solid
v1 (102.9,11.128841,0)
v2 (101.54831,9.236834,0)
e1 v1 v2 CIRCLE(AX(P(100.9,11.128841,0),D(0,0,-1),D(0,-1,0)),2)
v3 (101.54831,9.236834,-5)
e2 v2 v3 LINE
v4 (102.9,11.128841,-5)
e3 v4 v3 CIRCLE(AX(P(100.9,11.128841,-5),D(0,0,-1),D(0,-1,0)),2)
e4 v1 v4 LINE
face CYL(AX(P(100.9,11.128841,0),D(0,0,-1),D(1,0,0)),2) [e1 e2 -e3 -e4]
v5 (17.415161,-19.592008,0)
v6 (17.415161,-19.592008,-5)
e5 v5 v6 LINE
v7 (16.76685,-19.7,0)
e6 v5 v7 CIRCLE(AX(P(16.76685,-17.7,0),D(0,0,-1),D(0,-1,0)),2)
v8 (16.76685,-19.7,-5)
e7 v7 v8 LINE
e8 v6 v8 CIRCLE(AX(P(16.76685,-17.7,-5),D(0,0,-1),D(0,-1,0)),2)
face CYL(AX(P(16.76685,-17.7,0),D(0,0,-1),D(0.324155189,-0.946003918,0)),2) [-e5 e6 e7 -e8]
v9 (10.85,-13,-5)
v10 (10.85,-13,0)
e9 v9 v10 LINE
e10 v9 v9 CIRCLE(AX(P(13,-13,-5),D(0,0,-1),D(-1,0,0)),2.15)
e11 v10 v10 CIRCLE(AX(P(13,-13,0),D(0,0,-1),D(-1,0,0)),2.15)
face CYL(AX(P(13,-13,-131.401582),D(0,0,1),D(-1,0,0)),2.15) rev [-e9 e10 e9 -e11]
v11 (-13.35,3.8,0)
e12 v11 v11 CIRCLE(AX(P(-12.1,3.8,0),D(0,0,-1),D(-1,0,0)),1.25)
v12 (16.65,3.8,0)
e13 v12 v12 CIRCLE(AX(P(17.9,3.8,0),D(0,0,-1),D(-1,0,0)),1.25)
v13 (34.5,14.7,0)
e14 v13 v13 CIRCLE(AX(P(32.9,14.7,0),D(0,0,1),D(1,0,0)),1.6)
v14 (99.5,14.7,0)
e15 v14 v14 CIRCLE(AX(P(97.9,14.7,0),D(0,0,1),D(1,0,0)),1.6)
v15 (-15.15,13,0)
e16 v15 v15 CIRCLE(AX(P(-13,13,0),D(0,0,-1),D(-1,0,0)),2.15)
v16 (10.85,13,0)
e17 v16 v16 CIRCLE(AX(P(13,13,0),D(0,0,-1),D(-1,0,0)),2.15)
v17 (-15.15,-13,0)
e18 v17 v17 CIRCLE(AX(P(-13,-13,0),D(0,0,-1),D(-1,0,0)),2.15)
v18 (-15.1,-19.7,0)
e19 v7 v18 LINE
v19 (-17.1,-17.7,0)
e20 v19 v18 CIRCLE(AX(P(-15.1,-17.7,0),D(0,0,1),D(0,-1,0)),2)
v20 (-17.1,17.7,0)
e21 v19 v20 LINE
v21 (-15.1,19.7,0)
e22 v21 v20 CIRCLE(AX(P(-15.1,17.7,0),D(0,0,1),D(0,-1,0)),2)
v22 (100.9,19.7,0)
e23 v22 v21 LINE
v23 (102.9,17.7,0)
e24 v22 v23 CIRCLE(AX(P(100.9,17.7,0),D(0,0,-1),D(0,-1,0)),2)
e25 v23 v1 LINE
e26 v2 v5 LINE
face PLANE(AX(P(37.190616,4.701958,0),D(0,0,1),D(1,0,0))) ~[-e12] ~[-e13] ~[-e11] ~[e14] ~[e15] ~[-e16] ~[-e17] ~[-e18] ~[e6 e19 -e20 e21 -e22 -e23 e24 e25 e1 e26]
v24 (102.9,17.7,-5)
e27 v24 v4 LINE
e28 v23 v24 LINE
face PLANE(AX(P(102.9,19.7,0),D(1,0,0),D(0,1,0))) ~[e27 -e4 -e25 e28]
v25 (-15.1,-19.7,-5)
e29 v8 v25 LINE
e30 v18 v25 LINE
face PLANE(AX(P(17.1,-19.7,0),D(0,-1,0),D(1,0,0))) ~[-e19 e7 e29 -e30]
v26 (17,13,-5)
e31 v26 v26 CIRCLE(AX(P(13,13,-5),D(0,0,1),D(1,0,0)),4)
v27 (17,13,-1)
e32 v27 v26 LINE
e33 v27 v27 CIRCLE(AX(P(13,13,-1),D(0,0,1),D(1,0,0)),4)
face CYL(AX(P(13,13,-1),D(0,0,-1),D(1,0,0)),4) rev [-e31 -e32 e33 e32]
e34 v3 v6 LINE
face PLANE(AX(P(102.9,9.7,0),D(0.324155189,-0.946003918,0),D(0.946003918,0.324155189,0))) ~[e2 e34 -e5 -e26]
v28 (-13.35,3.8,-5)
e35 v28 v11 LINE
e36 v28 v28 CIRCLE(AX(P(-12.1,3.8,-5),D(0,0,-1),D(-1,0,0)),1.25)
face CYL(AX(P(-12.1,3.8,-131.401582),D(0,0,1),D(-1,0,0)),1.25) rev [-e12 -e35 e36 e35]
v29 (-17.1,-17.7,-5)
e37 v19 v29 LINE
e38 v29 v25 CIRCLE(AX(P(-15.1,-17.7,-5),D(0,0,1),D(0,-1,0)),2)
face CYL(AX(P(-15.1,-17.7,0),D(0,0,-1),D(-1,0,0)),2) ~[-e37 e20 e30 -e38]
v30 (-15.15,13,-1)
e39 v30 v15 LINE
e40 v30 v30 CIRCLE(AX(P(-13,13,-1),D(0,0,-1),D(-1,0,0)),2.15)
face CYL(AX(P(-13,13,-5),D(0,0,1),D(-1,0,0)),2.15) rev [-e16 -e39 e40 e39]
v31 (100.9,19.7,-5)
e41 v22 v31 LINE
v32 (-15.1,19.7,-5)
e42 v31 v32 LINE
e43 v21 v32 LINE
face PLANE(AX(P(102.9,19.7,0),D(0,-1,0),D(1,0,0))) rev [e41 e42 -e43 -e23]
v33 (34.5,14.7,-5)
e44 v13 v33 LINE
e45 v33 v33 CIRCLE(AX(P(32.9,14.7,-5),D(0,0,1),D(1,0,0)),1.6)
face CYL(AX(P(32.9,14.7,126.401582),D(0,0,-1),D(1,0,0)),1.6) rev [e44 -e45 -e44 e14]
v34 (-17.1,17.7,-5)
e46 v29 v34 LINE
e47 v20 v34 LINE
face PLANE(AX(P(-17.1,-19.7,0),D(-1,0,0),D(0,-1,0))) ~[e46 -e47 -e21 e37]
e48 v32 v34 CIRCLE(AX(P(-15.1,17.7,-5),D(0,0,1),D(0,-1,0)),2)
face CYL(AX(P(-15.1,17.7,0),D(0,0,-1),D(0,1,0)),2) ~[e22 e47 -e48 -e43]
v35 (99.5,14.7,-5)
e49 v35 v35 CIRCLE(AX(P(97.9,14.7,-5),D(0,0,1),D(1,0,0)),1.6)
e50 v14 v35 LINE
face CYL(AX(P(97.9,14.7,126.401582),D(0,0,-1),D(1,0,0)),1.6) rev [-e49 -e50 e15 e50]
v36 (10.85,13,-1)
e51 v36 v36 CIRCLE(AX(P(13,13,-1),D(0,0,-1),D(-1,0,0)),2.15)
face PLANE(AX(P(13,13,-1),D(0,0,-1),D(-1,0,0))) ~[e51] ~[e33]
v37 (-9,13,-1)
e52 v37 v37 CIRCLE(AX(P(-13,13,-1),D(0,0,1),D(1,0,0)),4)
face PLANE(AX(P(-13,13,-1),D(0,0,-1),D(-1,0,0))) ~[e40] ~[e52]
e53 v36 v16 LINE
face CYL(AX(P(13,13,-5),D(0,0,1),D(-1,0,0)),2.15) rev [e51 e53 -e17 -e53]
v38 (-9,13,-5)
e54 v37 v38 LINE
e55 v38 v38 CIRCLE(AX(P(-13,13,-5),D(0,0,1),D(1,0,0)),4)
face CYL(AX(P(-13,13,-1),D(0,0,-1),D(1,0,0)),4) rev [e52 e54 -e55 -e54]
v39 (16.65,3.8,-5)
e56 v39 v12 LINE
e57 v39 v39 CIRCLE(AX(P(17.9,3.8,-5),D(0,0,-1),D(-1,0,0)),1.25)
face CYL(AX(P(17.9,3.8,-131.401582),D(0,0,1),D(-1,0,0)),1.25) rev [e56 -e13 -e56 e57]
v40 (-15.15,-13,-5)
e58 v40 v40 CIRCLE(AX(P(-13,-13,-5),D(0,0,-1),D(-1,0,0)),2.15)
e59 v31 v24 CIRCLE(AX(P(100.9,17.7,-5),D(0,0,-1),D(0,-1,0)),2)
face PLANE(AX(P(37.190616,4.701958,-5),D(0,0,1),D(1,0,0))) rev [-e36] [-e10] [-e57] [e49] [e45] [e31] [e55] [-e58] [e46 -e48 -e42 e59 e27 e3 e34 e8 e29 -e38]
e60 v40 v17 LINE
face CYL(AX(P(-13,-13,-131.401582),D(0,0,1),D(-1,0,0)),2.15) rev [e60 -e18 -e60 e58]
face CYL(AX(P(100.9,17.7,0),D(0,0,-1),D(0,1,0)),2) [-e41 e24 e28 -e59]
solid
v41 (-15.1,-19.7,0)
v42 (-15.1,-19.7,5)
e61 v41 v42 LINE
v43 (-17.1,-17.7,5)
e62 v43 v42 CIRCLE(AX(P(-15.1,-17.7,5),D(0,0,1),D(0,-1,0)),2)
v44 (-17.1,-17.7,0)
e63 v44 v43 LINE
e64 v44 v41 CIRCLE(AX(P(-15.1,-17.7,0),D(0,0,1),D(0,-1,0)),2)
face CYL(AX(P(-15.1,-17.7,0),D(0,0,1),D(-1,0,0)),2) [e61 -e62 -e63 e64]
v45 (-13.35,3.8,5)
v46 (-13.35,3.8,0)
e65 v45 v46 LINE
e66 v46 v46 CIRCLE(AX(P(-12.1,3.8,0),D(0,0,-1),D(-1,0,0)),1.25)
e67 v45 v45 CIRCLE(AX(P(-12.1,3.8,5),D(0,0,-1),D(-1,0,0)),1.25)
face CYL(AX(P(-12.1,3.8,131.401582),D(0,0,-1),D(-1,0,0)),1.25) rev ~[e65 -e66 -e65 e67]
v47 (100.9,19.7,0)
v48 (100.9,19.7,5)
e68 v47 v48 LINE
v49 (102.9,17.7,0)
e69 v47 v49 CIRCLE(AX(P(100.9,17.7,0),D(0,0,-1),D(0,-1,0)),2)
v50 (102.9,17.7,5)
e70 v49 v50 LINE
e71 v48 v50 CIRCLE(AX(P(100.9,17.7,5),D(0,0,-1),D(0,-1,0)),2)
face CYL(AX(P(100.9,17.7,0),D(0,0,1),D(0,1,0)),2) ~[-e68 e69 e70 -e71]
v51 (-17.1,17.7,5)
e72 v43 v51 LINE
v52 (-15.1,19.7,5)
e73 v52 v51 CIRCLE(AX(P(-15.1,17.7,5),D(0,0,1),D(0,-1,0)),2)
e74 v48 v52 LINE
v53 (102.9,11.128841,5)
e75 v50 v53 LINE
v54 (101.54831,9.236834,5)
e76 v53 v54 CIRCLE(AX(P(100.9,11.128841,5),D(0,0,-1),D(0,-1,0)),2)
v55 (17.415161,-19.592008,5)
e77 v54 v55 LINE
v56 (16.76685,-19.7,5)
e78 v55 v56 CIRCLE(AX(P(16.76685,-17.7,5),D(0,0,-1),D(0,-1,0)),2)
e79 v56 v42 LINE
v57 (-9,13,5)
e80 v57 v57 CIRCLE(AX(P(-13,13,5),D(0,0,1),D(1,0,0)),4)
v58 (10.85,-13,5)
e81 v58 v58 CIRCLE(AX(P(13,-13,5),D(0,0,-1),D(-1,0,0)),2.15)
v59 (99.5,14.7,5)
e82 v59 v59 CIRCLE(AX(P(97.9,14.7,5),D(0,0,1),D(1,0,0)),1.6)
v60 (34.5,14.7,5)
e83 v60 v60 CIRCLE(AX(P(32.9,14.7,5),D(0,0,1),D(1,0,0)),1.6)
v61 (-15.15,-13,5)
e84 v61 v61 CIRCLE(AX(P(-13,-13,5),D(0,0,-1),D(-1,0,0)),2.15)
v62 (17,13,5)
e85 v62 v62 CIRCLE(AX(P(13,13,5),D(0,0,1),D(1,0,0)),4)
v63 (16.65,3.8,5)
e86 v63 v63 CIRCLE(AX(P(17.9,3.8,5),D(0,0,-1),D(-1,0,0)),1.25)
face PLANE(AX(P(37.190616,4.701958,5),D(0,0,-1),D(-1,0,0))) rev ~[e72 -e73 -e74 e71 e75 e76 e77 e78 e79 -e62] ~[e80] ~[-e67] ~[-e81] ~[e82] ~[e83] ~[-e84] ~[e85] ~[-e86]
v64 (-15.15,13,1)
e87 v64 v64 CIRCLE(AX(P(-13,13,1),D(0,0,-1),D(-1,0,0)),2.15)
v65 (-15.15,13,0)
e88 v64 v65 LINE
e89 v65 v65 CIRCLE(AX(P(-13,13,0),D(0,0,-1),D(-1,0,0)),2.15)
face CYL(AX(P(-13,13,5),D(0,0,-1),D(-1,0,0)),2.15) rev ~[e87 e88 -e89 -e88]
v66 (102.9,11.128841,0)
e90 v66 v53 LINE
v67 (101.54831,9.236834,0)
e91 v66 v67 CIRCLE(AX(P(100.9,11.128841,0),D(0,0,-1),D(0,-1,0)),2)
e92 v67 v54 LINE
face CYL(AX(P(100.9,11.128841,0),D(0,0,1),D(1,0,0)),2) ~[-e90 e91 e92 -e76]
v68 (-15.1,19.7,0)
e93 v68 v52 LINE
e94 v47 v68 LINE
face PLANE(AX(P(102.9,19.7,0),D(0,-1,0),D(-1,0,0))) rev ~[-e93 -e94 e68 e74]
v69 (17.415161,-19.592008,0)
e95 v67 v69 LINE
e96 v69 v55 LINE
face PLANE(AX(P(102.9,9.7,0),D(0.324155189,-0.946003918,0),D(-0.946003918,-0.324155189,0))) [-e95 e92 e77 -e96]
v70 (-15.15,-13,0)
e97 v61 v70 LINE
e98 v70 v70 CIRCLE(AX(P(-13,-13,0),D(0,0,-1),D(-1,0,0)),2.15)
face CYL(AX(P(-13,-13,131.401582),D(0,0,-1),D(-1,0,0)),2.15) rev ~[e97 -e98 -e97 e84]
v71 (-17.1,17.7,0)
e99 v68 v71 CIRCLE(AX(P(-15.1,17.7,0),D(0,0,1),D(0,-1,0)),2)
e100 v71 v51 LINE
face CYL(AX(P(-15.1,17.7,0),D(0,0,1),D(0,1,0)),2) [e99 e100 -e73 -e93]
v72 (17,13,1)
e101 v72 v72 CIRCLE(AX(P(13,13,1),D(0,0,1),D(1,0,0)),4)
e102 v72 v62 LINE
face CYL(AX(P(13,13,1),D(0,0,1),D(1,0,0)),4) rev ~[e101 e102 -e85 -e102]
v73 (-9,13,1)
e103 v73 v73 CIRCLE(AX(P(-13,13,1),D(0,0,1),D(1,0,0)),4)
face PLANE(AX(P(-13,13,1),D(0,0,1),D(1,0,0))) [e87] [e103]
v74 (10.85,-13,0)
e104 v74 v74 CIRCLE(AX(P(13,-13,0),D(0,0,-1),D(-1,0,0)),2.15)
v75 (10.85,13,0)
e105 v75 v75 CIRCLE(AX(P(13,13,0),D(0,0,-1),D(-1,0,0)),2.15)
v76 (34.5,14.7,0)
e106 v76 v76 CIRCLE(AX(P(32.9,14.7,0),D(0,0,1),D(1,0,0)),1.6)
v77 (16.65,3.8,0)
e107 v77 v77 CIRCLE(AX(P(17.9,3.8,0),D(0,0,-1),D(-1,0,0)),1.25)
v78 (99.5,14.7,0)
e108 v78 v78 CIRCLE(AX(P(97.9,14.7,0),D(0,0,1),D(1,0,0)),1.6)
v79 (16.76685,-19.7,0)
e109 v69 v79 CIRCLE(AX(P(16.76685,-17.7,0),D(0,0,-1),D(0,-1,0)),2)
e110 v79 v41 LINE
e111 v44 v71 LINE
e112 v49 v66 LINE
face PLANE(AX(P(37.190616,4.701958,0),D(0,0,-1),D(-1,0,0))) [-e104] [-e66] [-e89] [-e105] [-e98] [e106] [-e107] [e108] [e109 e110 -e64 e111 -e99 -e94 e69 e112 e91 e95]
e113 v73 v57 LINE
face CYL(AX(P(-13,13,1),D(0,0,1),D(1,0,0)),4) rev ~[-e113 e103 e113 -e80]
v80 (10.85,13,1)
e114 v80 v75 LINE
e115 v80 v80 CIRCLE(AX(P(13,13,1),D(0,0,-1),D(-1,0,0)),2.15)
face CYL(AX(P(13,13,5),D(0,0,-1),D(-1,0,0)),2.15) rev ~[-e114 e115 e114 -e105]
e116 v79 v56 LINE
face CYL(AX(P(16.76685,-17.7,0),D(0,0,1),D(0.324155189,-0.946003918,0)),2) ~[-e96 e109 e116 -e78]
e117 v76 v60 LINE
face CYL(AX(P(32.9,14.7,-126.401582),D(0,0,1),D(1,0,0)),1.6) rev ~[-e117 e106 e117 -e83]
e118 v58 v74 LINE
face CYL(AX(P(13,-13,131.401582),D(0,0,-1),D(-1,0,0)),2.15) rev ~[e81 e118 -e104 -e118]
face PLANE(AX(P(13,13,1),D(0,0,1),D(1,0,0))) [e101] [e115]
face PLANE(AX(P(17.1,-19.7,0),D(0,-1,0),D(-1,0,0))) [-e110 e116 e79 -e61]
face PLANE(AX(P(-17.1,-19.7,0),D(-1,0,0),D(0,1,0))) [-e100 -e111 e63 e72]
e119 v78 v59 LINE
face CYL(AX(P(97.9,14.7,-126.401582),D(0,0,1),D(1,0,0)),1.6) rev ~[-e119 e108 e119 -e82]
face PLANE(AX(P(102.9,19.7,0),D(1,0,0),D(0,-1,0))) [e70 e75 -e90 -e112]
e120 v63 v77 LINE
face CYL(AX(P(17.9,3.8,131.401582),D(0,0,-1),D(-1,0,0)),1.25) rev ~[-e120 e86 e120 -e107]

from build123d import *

# Parameters (mm, degrees)
BOSS_EXTRUDE1_DEPTH            = 5
CBORE_FOR_M4_SHCS1_D           = 4.3
CBORE_FOR_M4_SHCS1_CBORE_D     = 8
CBORE_FOR_M4_SHCS1_CBORE_DEPTH = 4
M4_CLEARANCE_HOLE1_D           = 4.3
TAP_DRILL_FOR_M3X0_5_TAP1_D    = 2.5
M3_CLEARANCE_HOLE2_D           = 3.2
FILLET1_R                      = 2


with BuildPart() as part:
    # Sketch1 → Boss-Extrude1 (new body)
    with BuildSketch(Plane.XY):
        Polygon((17.1, 19.7), (102.9, 19.7), (102.9, 9.7), (17.1, -19.7), (-17.1, -19.7), (-17.1, 19.7), align=None)
    extrude(amount=BOSS_EXTRUDE1_DEPTH)

    # CBORE for M4 SHCS1 (through all)
    with Locations(Plane.XY.offset(5)):
        with Locations((13, 13), (-13, 13)):
            CounterBoreHole(CBORE_FOR_M4_SHCS1_D / 2, CBORE_FOR_M4_SHCS1_CBORE_D / 2, CBORE_FOR_M4_SHCS1_CBORE_DEPTH)

    # M4 Clearance Hole1 (through all)
    with Locations(Plane.XY.offset(5)):
        with Locations((-13, -13), (13, -13)):
            Hole(M4_CLEARANCE_HOLE1_D / 2)

    # Tap Drill for M3x0.5 Tap1 (through all)
    with Locations(Plane.XY.offset(5)):
        with Locations((-12.1, 3.8), (17.9, 3.8)):
            Hole(TAP_DRILL_FOR_M3X0_5_TAP1_D / 2)

    # M3 Clearance Hole2 (through all)
    with Locations(Plane(origin=(0, 0, 0), x_dir=(-1, 0, 0), z_dir=(0, 0, -1))):
        with Locations((-97.9, 14.7), (-32.9, 14.7)):
            Hole(M3_CLEARANCE_HOLE2_D / 2)

    # Fillet1
    fillet1_edges = [part.edges().sort_by_distance(p)[0] for p in [
        (-17.1, 19.7, 2.5),
        (102.9, 19.7, 2.5),
        (102.9, 9.7, 2.5),
        (17.1, -19.7, 2.5),
        (-17.1, -19.7, 2.5),
    ]]
    fillet(fillet1_edges, radius=FILLET1_R)


with BuildPart() as body_2:
    # Mirror1: mirrored copy
    add(part.part.mirror(Plane.XY))


solid = Compound([part.part, body_2.part])
